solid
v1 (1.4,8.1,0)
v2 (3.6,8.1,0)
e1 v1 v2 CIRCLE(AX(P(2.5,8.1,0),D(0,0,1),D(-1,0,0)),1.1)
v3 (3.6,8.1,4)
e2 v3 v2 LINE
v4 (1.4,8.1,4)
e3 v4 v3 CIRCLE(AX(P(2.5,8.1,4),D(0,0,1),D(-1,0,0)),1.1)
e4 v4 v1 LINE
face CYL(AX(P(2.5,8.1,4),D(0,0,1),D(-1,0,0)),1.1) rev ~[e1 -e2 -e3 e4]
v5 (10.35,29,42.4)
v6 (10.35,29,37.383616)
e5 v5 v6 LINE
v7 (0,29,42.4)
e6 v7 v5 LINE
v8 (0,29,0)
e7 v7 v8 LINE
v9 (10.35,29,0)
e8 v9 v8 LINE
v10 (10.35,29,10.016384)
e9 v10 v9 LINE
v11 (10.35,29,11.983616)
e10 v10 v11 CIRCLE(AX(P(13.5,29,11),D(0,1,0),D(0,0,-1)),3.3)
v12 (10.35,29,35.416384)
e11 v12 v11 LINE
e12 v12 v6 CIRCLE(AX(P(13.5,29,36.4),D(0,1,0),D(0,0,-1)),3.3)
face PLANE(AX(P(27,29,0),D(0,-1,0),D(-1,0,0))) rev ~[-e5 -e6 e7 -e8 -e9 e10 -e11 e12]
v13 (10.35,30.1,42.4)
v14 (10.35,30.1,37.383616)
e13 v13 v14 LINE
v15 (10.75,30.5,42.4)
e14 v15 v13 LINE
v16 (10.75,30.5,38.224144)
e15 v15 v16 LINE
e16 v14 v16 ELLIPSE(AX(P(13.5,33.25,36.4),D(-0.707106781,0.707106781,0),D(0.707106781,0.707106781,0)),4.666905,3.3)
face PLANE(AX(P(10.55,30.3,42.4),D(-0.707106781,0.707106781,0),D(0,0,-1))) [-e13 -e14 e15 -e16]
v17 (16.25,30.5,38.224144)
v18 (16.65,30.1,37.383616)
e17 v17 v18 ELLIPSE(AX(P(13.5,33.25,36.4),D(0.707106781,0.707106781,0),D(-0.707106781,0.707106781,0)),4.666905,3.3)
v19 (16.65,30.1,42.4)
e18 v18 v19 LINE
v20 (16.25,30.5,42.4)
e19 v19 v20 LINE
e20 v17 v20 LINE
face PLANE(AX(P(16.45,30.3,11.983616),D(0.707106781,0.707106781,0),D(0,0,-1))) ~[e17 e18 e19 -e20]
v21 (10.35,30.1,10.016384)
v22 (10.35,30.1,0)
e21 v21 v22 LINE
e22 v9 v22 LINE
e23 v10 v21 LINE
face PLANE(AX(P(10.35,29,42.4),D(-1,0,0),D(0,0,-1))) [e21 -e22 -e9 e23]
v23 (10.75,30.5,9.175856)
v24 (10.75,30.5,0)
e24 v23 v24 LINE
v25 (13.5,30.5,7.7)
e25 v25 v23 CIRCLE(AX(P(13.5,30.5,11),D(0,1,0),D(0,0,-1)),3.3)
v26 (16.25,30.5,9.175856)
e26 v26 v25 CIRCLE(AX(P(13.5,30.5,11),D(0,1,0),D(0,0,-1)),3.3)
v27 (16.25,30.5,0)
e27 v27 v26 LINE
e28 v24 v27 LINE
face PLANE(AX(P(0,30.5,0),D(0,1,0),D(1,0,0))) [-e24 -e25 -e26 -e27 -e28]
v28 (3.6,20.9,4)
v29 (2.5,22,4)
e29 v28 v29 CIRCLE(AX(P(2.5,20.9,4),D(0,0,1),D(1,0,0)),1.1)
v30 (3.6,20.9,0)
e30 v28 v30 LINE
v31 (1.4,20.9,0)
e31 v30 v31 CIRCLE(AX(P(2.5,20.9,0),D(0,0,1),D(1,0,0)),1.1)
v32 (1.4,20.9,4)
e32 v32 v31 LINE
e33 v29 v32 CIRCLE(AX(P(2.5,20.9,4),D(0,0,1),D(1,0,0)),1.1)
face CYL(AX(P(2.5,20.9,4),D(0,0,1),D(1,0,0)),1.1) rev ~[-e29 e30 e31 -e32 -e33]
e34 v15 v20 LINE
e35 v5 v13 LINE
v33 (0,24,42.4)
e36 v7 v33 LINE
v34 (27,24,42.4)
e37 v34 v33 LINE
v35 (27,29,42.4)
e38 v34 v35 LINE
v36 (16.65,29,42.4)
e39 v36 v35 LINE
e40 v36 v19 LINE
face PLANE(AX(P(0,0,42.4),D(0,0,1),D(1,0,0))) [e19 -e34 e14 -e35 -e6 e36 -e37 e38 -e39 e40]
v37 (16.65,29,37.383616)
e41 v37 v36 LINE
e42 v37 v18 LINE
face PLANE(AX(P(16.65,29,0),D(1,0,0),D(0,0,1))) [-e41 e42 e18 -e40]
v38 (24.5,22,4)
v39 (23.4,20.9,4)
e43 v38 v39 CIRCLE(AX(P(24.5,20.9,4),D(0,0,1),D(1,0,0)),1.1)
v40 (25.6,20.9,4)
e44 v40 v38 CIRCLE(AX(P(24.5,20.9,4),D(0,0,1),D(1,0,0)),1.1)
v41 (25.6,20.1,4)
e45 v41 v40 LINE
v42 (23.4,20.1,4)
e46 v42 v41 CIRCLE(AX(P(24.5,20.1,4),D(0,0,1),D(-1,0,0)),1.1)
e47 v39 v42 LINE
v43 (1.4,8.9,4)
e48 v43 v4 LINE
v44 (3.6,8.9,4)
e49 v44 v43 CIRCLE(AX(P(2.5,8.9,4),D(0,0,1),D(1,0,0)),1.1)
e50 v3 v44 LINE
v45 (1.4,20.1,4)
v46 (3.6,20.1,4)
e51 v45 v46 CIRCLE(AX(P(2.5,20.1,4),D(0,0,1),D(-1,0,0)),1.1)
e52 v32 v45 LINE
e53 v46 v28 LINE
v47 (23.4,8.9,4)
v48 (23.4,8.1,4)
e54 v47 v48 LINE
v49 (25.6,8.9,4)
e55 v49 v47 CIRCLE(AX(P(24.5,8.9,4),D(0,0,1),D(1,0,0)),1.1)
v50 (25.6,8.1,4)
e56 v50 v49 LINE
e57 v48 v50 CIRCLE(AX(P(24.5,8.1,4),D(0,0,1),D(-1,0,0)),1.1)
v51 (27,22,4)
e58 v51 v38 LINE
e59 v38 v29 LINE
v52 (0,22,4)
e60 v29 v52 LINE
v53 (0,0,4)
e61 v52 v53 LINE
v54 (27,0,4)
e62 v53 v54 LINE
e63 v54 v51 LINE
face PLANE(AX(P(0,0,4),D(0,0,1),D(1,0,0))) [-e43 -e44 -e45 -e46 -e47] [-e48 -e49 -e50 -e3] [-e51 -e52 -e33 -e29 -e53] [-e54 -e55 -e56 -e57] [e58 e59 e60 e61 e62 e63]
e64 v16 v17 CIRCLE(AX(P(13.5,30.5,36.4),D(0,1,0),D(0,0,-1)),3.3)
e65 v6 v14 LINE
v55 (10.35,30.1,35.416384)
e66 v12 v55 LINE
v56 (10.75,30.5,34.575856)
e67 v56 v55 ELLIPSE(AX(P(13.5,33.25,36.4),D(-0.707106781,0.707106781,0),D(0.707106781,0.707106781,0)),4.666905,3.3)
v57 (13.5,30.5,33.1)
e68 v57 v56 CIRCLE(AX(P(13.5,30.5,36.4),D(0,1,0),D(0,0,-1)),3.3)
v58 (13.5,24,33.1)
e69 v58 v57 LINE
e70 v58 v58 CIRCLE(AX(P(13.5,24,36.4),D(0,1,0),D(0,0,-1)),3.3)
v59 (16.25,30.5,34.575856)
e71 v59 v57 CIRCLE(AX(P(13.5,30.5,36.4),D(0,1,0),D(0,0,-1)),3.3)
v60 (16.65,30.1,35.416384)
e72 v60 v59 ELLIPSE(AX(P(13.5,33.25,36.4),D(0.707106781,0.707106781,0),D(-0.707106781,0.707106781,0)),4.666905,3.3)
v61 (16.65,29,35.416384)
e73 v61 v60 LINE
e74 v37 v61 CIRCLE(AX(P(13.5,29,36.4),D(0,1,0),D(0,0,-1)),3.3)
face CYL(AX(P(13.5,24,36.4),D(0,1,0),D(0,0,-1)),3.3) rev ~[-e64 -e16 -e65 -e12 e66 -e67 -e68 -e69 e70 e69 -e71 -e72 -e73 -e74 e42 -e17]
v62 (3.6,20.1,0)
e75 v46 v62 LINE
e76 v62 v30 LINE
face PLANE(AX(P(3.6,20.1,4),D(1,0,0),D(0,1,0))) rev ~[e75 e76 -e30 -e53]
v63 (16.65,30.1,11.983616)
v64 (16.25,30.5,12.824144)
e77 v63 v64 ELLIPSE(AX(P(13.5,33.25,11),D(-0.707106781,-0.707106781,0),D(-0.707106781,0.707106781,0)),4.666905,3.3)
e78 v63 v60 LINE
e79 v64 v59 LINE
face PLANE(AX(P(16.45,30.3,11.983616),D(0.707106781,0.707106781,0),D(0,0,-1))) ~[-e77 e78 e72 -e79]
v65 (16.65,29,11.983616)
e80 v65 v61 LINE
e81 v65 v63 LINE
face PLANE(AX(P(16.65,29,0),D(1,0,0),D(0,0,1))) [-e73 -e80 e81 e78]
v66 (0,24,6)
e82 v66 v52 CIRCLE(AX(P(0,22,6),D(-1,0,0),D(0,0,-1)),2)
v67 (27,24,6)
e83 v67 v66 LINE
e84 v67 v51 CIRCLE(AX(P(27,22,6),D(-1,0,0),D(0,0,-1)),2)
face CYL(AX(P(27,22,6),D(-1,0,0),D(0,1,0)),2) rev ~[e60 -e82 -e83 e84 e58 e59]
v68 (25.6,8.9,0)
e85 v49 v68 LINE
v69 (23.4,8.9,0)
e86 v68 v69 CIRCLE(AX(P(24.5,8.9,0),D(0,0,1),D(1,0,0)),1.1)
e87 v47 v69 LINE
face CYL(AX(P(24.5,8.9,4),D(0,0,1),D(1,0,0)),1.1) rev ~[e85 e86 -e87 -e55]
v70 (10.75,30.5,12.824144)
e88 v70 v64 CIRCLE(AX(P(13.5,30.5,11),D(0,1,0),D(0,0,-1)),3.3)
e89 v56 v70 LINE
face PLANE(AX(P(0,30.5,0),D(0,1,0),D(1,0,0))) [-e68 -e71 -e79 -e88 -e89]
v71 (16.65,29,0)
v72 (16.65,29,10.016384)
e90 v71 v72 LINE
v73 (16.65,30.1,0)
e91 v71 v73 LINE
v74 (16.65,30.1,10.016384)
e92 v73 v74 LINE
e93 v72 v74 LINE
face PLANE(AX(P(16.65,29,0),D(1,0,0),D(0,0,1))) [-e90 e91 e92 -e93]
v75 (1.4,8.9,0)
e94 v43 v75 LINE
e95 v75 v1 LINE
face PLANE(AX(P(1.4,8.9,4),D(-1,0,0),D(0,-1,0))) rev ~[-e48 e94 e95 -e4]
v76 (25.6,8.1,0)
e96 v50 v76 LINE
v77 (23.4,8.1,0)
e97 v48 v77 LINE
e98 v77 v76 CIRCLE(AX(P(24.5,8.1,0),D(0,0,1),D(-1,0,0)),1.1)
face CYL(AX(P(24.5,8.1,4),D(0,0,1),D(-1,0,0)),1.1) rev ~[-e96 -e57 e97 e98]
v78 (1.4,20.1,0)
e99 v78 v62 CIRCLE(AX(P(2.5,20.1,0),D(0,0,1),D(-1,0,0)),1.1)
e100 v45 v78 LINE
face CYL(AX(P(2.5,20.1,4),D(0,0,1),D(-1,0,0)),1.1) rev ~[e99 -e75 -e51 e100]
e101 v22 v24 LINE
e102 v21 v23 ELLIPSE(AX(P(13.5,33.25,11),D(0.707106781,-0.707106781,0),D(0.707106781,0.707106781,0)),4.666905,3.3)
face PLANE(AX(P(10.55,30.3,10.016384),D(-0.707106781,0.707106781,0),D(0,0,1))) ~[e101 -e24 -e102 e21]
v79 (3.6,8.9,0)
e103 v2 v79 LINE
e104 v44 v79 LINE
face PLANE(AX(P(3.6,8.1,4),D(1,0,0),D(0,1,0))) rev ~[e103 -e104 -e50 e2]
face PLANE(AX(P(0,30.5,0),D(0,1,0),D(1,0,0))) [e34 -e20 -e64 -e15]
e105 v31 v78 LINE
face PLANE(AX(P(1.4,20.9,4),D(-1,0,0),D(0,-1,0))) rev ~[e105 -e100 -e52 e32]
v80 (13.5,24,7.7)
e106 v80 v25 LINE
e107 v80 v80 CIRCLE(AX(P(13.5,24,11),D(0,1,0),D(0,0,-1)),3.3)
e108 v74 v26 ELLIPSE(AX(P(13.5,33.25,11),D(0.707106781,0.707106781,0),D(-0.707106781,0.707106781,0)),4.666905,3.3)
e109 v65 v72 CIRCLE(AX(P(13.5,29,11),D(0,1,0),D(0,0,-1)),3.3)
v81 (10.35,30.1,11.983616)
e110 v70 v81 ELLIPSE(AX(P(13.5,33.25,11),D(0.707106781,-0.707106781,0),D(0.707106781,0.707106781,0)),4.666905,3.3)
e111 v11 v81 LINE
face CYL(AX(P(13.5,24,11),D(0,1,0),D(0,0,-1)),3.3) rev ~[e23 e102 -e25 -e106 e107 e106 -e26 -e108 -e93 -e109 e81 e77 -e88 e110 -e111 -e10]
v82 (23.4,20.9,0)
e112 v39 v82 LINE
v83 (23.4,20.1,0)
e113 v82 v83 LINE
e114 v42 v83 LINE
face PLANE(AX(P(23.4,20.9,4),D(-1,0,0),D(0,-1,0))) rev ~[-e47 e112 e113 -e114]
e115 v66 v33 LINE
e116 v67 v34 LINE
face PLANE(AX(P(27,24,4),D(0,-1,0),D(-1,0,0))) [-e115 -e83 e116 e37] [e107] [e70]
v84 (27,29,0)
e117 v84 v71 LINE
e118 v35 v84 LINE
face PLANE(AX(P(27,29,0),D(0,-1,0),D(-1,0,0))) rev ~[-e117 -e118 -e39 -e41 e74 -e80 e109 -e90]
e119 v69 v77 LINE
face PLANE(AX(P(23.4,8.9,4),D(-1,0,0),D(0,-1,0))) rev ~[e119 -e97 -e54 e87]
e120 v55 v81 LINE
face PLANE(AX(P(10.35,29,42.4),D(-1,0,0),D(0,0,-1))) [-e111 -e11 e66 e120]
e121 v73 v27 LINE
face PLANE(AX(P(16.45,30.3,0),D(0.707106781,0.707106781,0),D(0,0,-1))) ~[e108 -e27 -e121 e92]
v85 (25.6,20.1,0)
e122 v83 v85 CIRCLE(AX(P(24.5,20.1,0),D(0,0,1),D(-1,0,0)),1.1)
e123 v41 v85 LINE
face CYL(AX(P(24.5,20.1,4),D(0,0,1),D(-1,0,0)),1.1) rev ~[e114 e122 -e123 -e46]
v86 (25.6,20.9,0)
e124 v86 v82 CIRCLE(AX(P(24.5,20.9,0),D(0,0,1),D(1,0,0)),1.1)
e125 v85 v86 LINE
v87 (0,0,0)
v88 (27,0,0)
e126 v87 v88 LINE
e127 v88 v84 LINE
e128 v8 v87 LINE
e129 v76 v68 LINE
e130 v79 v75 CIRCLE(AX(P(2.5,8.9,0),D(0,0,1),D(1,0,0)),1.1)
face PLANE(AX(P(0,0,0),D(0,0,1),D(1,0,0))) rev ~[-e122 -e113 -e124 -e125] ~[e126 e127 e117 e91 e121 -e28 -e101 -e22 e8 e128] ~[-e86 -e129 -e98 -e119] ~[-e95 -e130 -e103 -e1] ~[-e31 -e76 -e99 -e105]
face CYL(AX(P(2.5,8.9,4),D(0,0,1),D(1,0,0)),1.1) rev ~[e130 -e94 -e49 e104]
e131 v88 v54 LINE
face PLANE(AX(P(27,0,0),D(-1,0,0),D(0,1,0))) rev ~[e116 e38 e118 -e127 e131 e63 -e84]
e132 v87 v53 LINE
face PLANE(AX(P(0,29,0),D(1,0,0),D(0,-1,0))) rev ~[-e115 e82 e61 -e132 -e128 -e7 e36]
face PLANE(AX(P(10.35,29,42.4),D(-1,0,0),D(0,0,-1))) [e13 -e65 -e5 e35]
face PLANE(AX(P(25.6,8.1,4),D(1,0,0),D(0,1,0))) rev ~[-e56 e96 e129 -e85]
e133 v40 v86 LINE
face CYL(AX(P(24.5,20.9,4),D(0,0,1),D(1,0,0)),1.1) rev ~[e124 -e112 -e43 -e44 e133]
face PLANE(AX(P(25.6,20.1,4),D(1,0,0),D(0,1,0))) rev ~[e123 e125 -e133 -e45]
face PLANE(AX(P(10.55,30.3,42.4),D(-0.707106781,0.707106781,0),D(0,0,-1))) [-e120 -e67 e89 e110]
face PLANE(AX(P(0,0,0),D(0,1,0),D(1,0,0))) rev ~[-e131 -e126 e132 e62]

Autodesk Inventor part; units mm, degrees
ref_plane "YZ Plane" through (0, 0, 0) normal (1, 0, 0) x (0, 1, 0)
ref_plane "XZ Plane" through (0, 0, 0) normal (0, 1, 0) x (-1, 0, 0)
ref_plane "XY Plane" through (0, 0, 0) normal (0, 0, 1) x (1, 0, 0)
sketch "Sketch1" plane through (0, 0, 0) normal (0, 0, 1) x (1, 0, 0)
  line L0 (0, 0) -> (27, 0)
  line L1 (27, 0) -> (27, 29)
  line L2 (27, 29) -> (0, 29)
  line L3 (0, 29) -> (0, 0)
  dimension "d0" = 27
  dimension "d1" = 29
extrude "Extrusion1" add sketch "Sketch1" along normal blind 4
sketch "Sketch2" plane through (0, 0, 4) normal (0, 0, 1) x (1, 0, 0)
  line L0 (27, 29) -> (0, 29) projected
  point P0 (0, 0)
  point P1 (2.5, 20.5)
  point P2 (24.5, 20.5)
  point P3 (2.5, 8.5)
  point P4 (24.5, 8.5)
  dimension "d30" = 8.5
  dimension "d31" = 12
  dimension "d32" = 8.5
  dimension "d33" = 12
sketch "Sketch3" plane through (0, 0, 0) normal (0, 0, -1) x (-1, 0, 0)
  line L0 (0, 29) -> (0, 0) projected
  point P0 (-13.5, 33)
  point P1 (-13.5, 5)
  dimension "d19" = 13.5
  dimension "d20" = 13.5
sketch "Sketch6" plane through (0, 0, 4) normal (0, 0, 1) x (1, 0, 0)
  line L0 (0, 29) -> (0, 0) projected
  line L1 (27, 0) -> (27, 29) projected
  line L2 (0, 29) -> (27, 29)
  line L3 (27, 29) -> (27, 24)
  line L4 (27, 24) -> (0, 24)
  line L5 (0, 24) -> (0, 29)
  dimension "d34" = 5
extrude "Extrusion4" add sketch "Sketch6" along normal blind 38.4
sketch "Sketch8" plane through (0, 29, 0) normal (0, 1, 0) x (1, 0, 0)
  line L0 (0, 0) -> (27, 0) projected
  line L1 (0, -42.4) -> (27, -42.4) projected
  line L2 (10.35, 0) -> (16.65, 0)
  line L3 (16.65, 0) -> (16.65, -42.4)
  line L4 (16.65, -42.4) -> (10.35, -42.4)
  line L5 (10.35, -42.4) -> (10.35, 0)
  line L6 (0, 0) -> (0, -42.4) projected
  dimension "d41" = 6.3
  dimension "d51" = 10.35
extrude "Extrusion6" add sketch "Sketch8" along normal blind 1.5 contours L0 L3 L1 L5
sketch "Sketch9" plane through (0, 24, 4) normal (0, -1, 0) x (1, 0, 0)
  line L0 (0, 0) -> (27, 0) projected
  point P0 (0, -4)
  point P1 (13.5, 7)
  point P2 (13.5, 20)
  dimension "d69" = 7
hole "Hole3" at (13.5, 24, 11) direction (0, 1, 0) diameter 6.6 end through all
fillet "Fillet1" radius 2 1 edges at (13.5, 24, 4)
sketch "Sketch10" plane through (0, 0, 4) normal (0, 0, 1) x (1, 0, 0)
  line L0 (24.5, 20.9) -> (24.5, 20.1) construction
  line L1 (23.4, 20.9) -> (23.4, 20.1)
  line L2 (25.6, 20.1) -> (25.6, 20.9)
  arc A0 (25.6, 20.9) -> (23.4, 20.9) centre (24.5, 20.9) ccw
  arc A1 (23.4, 20.1) -> (25.6, 20.1) centre (24.5, 20.1) ccw
  line L3 (24.5, 8.9) -> (24.5, 8.1) construction
  line L4 (23.4, 8.9) -> (23.4, 8.1)
  line L5 (25.6, 8.1) -> (25.6, 8.9)
  arc A2 (25.6, 8.9) -> (23.4, 8.9) centre (24.5, 8.9) ccw
  arc A3 (23.4, 8.1) -> (25.6, 8.1) centre (24.5, 8.1) ccw
  line L6 (2.5, 20.9) -> (2.5, 20.1) construction
  line L7 (1.4, 20.9) -> (1.4, 20.1)
  line L8 (3.6, 20.1) -> (3.6, 20.9)
  arc A4 (3.6, 20.9) -> (1.4, 20.9) centre (2.5, 20.9) ccw
  arc A5 (1.4, 20.1) -> (3.6, 20.1) centre (2.5, 20.1) ccw
  line L9 (2.5, 8.1) -> (2.5, 8.9) construction
  line L10 (3.6, 8.1) -> (3.6, 8.9)
  line L11 (1.4, 8.9) -> (1.4, 8.1)
  arc A6 (1.4, 8.1) -> (3.6, 8.1) centre (2.5, 8.1) ccw
  arc A7 (3.6, 8.9) -> (1.4, 8.9) centre (2.5, 8.9) ccw
  point P0 (0, 0)
  point P1 (24.5, 20.5)
  point P2 (24.5, 8.5)
  point P3 (2.5, 20.5)
  point P4 (2.5, 8.5)
  dimension "d53" = 0.4
  dimension "d54" = 2.2
  dimension "d55" = 0.4
  dimension "d56" = 2.2
  dimension "d57" = 0.4
  dimension "d58" = 2.2
  dimension "d59" = 0.4
  dimension "d60" = 2.2
extrude "Extrusion7" cut sketch "Sketch10" against normal through all
chamfer "Chamfer1" distance 0.4 angle 45 1 edges at (16.65, 30.5, 27.1918)
chamfer "Chamfer2" distance 0.4 angle 45 3 edges at (16.65, 30.5, 5.0082) (10.35, 30.5, 27.1918) (10.35, 30.5, 5.0082)
sketch "Sketch11" plane through (0, 24, 42.4) normal (0, -1, 0) x (1, 0, 0)
  point P0 (0, -42.4)
  point P1 (13.5, -6)
hole "Hole4" at (13.5, 24, 36.4) direction (0, 1, 0) diameter 6.6 end through all
properties part number "CameraMountA"
